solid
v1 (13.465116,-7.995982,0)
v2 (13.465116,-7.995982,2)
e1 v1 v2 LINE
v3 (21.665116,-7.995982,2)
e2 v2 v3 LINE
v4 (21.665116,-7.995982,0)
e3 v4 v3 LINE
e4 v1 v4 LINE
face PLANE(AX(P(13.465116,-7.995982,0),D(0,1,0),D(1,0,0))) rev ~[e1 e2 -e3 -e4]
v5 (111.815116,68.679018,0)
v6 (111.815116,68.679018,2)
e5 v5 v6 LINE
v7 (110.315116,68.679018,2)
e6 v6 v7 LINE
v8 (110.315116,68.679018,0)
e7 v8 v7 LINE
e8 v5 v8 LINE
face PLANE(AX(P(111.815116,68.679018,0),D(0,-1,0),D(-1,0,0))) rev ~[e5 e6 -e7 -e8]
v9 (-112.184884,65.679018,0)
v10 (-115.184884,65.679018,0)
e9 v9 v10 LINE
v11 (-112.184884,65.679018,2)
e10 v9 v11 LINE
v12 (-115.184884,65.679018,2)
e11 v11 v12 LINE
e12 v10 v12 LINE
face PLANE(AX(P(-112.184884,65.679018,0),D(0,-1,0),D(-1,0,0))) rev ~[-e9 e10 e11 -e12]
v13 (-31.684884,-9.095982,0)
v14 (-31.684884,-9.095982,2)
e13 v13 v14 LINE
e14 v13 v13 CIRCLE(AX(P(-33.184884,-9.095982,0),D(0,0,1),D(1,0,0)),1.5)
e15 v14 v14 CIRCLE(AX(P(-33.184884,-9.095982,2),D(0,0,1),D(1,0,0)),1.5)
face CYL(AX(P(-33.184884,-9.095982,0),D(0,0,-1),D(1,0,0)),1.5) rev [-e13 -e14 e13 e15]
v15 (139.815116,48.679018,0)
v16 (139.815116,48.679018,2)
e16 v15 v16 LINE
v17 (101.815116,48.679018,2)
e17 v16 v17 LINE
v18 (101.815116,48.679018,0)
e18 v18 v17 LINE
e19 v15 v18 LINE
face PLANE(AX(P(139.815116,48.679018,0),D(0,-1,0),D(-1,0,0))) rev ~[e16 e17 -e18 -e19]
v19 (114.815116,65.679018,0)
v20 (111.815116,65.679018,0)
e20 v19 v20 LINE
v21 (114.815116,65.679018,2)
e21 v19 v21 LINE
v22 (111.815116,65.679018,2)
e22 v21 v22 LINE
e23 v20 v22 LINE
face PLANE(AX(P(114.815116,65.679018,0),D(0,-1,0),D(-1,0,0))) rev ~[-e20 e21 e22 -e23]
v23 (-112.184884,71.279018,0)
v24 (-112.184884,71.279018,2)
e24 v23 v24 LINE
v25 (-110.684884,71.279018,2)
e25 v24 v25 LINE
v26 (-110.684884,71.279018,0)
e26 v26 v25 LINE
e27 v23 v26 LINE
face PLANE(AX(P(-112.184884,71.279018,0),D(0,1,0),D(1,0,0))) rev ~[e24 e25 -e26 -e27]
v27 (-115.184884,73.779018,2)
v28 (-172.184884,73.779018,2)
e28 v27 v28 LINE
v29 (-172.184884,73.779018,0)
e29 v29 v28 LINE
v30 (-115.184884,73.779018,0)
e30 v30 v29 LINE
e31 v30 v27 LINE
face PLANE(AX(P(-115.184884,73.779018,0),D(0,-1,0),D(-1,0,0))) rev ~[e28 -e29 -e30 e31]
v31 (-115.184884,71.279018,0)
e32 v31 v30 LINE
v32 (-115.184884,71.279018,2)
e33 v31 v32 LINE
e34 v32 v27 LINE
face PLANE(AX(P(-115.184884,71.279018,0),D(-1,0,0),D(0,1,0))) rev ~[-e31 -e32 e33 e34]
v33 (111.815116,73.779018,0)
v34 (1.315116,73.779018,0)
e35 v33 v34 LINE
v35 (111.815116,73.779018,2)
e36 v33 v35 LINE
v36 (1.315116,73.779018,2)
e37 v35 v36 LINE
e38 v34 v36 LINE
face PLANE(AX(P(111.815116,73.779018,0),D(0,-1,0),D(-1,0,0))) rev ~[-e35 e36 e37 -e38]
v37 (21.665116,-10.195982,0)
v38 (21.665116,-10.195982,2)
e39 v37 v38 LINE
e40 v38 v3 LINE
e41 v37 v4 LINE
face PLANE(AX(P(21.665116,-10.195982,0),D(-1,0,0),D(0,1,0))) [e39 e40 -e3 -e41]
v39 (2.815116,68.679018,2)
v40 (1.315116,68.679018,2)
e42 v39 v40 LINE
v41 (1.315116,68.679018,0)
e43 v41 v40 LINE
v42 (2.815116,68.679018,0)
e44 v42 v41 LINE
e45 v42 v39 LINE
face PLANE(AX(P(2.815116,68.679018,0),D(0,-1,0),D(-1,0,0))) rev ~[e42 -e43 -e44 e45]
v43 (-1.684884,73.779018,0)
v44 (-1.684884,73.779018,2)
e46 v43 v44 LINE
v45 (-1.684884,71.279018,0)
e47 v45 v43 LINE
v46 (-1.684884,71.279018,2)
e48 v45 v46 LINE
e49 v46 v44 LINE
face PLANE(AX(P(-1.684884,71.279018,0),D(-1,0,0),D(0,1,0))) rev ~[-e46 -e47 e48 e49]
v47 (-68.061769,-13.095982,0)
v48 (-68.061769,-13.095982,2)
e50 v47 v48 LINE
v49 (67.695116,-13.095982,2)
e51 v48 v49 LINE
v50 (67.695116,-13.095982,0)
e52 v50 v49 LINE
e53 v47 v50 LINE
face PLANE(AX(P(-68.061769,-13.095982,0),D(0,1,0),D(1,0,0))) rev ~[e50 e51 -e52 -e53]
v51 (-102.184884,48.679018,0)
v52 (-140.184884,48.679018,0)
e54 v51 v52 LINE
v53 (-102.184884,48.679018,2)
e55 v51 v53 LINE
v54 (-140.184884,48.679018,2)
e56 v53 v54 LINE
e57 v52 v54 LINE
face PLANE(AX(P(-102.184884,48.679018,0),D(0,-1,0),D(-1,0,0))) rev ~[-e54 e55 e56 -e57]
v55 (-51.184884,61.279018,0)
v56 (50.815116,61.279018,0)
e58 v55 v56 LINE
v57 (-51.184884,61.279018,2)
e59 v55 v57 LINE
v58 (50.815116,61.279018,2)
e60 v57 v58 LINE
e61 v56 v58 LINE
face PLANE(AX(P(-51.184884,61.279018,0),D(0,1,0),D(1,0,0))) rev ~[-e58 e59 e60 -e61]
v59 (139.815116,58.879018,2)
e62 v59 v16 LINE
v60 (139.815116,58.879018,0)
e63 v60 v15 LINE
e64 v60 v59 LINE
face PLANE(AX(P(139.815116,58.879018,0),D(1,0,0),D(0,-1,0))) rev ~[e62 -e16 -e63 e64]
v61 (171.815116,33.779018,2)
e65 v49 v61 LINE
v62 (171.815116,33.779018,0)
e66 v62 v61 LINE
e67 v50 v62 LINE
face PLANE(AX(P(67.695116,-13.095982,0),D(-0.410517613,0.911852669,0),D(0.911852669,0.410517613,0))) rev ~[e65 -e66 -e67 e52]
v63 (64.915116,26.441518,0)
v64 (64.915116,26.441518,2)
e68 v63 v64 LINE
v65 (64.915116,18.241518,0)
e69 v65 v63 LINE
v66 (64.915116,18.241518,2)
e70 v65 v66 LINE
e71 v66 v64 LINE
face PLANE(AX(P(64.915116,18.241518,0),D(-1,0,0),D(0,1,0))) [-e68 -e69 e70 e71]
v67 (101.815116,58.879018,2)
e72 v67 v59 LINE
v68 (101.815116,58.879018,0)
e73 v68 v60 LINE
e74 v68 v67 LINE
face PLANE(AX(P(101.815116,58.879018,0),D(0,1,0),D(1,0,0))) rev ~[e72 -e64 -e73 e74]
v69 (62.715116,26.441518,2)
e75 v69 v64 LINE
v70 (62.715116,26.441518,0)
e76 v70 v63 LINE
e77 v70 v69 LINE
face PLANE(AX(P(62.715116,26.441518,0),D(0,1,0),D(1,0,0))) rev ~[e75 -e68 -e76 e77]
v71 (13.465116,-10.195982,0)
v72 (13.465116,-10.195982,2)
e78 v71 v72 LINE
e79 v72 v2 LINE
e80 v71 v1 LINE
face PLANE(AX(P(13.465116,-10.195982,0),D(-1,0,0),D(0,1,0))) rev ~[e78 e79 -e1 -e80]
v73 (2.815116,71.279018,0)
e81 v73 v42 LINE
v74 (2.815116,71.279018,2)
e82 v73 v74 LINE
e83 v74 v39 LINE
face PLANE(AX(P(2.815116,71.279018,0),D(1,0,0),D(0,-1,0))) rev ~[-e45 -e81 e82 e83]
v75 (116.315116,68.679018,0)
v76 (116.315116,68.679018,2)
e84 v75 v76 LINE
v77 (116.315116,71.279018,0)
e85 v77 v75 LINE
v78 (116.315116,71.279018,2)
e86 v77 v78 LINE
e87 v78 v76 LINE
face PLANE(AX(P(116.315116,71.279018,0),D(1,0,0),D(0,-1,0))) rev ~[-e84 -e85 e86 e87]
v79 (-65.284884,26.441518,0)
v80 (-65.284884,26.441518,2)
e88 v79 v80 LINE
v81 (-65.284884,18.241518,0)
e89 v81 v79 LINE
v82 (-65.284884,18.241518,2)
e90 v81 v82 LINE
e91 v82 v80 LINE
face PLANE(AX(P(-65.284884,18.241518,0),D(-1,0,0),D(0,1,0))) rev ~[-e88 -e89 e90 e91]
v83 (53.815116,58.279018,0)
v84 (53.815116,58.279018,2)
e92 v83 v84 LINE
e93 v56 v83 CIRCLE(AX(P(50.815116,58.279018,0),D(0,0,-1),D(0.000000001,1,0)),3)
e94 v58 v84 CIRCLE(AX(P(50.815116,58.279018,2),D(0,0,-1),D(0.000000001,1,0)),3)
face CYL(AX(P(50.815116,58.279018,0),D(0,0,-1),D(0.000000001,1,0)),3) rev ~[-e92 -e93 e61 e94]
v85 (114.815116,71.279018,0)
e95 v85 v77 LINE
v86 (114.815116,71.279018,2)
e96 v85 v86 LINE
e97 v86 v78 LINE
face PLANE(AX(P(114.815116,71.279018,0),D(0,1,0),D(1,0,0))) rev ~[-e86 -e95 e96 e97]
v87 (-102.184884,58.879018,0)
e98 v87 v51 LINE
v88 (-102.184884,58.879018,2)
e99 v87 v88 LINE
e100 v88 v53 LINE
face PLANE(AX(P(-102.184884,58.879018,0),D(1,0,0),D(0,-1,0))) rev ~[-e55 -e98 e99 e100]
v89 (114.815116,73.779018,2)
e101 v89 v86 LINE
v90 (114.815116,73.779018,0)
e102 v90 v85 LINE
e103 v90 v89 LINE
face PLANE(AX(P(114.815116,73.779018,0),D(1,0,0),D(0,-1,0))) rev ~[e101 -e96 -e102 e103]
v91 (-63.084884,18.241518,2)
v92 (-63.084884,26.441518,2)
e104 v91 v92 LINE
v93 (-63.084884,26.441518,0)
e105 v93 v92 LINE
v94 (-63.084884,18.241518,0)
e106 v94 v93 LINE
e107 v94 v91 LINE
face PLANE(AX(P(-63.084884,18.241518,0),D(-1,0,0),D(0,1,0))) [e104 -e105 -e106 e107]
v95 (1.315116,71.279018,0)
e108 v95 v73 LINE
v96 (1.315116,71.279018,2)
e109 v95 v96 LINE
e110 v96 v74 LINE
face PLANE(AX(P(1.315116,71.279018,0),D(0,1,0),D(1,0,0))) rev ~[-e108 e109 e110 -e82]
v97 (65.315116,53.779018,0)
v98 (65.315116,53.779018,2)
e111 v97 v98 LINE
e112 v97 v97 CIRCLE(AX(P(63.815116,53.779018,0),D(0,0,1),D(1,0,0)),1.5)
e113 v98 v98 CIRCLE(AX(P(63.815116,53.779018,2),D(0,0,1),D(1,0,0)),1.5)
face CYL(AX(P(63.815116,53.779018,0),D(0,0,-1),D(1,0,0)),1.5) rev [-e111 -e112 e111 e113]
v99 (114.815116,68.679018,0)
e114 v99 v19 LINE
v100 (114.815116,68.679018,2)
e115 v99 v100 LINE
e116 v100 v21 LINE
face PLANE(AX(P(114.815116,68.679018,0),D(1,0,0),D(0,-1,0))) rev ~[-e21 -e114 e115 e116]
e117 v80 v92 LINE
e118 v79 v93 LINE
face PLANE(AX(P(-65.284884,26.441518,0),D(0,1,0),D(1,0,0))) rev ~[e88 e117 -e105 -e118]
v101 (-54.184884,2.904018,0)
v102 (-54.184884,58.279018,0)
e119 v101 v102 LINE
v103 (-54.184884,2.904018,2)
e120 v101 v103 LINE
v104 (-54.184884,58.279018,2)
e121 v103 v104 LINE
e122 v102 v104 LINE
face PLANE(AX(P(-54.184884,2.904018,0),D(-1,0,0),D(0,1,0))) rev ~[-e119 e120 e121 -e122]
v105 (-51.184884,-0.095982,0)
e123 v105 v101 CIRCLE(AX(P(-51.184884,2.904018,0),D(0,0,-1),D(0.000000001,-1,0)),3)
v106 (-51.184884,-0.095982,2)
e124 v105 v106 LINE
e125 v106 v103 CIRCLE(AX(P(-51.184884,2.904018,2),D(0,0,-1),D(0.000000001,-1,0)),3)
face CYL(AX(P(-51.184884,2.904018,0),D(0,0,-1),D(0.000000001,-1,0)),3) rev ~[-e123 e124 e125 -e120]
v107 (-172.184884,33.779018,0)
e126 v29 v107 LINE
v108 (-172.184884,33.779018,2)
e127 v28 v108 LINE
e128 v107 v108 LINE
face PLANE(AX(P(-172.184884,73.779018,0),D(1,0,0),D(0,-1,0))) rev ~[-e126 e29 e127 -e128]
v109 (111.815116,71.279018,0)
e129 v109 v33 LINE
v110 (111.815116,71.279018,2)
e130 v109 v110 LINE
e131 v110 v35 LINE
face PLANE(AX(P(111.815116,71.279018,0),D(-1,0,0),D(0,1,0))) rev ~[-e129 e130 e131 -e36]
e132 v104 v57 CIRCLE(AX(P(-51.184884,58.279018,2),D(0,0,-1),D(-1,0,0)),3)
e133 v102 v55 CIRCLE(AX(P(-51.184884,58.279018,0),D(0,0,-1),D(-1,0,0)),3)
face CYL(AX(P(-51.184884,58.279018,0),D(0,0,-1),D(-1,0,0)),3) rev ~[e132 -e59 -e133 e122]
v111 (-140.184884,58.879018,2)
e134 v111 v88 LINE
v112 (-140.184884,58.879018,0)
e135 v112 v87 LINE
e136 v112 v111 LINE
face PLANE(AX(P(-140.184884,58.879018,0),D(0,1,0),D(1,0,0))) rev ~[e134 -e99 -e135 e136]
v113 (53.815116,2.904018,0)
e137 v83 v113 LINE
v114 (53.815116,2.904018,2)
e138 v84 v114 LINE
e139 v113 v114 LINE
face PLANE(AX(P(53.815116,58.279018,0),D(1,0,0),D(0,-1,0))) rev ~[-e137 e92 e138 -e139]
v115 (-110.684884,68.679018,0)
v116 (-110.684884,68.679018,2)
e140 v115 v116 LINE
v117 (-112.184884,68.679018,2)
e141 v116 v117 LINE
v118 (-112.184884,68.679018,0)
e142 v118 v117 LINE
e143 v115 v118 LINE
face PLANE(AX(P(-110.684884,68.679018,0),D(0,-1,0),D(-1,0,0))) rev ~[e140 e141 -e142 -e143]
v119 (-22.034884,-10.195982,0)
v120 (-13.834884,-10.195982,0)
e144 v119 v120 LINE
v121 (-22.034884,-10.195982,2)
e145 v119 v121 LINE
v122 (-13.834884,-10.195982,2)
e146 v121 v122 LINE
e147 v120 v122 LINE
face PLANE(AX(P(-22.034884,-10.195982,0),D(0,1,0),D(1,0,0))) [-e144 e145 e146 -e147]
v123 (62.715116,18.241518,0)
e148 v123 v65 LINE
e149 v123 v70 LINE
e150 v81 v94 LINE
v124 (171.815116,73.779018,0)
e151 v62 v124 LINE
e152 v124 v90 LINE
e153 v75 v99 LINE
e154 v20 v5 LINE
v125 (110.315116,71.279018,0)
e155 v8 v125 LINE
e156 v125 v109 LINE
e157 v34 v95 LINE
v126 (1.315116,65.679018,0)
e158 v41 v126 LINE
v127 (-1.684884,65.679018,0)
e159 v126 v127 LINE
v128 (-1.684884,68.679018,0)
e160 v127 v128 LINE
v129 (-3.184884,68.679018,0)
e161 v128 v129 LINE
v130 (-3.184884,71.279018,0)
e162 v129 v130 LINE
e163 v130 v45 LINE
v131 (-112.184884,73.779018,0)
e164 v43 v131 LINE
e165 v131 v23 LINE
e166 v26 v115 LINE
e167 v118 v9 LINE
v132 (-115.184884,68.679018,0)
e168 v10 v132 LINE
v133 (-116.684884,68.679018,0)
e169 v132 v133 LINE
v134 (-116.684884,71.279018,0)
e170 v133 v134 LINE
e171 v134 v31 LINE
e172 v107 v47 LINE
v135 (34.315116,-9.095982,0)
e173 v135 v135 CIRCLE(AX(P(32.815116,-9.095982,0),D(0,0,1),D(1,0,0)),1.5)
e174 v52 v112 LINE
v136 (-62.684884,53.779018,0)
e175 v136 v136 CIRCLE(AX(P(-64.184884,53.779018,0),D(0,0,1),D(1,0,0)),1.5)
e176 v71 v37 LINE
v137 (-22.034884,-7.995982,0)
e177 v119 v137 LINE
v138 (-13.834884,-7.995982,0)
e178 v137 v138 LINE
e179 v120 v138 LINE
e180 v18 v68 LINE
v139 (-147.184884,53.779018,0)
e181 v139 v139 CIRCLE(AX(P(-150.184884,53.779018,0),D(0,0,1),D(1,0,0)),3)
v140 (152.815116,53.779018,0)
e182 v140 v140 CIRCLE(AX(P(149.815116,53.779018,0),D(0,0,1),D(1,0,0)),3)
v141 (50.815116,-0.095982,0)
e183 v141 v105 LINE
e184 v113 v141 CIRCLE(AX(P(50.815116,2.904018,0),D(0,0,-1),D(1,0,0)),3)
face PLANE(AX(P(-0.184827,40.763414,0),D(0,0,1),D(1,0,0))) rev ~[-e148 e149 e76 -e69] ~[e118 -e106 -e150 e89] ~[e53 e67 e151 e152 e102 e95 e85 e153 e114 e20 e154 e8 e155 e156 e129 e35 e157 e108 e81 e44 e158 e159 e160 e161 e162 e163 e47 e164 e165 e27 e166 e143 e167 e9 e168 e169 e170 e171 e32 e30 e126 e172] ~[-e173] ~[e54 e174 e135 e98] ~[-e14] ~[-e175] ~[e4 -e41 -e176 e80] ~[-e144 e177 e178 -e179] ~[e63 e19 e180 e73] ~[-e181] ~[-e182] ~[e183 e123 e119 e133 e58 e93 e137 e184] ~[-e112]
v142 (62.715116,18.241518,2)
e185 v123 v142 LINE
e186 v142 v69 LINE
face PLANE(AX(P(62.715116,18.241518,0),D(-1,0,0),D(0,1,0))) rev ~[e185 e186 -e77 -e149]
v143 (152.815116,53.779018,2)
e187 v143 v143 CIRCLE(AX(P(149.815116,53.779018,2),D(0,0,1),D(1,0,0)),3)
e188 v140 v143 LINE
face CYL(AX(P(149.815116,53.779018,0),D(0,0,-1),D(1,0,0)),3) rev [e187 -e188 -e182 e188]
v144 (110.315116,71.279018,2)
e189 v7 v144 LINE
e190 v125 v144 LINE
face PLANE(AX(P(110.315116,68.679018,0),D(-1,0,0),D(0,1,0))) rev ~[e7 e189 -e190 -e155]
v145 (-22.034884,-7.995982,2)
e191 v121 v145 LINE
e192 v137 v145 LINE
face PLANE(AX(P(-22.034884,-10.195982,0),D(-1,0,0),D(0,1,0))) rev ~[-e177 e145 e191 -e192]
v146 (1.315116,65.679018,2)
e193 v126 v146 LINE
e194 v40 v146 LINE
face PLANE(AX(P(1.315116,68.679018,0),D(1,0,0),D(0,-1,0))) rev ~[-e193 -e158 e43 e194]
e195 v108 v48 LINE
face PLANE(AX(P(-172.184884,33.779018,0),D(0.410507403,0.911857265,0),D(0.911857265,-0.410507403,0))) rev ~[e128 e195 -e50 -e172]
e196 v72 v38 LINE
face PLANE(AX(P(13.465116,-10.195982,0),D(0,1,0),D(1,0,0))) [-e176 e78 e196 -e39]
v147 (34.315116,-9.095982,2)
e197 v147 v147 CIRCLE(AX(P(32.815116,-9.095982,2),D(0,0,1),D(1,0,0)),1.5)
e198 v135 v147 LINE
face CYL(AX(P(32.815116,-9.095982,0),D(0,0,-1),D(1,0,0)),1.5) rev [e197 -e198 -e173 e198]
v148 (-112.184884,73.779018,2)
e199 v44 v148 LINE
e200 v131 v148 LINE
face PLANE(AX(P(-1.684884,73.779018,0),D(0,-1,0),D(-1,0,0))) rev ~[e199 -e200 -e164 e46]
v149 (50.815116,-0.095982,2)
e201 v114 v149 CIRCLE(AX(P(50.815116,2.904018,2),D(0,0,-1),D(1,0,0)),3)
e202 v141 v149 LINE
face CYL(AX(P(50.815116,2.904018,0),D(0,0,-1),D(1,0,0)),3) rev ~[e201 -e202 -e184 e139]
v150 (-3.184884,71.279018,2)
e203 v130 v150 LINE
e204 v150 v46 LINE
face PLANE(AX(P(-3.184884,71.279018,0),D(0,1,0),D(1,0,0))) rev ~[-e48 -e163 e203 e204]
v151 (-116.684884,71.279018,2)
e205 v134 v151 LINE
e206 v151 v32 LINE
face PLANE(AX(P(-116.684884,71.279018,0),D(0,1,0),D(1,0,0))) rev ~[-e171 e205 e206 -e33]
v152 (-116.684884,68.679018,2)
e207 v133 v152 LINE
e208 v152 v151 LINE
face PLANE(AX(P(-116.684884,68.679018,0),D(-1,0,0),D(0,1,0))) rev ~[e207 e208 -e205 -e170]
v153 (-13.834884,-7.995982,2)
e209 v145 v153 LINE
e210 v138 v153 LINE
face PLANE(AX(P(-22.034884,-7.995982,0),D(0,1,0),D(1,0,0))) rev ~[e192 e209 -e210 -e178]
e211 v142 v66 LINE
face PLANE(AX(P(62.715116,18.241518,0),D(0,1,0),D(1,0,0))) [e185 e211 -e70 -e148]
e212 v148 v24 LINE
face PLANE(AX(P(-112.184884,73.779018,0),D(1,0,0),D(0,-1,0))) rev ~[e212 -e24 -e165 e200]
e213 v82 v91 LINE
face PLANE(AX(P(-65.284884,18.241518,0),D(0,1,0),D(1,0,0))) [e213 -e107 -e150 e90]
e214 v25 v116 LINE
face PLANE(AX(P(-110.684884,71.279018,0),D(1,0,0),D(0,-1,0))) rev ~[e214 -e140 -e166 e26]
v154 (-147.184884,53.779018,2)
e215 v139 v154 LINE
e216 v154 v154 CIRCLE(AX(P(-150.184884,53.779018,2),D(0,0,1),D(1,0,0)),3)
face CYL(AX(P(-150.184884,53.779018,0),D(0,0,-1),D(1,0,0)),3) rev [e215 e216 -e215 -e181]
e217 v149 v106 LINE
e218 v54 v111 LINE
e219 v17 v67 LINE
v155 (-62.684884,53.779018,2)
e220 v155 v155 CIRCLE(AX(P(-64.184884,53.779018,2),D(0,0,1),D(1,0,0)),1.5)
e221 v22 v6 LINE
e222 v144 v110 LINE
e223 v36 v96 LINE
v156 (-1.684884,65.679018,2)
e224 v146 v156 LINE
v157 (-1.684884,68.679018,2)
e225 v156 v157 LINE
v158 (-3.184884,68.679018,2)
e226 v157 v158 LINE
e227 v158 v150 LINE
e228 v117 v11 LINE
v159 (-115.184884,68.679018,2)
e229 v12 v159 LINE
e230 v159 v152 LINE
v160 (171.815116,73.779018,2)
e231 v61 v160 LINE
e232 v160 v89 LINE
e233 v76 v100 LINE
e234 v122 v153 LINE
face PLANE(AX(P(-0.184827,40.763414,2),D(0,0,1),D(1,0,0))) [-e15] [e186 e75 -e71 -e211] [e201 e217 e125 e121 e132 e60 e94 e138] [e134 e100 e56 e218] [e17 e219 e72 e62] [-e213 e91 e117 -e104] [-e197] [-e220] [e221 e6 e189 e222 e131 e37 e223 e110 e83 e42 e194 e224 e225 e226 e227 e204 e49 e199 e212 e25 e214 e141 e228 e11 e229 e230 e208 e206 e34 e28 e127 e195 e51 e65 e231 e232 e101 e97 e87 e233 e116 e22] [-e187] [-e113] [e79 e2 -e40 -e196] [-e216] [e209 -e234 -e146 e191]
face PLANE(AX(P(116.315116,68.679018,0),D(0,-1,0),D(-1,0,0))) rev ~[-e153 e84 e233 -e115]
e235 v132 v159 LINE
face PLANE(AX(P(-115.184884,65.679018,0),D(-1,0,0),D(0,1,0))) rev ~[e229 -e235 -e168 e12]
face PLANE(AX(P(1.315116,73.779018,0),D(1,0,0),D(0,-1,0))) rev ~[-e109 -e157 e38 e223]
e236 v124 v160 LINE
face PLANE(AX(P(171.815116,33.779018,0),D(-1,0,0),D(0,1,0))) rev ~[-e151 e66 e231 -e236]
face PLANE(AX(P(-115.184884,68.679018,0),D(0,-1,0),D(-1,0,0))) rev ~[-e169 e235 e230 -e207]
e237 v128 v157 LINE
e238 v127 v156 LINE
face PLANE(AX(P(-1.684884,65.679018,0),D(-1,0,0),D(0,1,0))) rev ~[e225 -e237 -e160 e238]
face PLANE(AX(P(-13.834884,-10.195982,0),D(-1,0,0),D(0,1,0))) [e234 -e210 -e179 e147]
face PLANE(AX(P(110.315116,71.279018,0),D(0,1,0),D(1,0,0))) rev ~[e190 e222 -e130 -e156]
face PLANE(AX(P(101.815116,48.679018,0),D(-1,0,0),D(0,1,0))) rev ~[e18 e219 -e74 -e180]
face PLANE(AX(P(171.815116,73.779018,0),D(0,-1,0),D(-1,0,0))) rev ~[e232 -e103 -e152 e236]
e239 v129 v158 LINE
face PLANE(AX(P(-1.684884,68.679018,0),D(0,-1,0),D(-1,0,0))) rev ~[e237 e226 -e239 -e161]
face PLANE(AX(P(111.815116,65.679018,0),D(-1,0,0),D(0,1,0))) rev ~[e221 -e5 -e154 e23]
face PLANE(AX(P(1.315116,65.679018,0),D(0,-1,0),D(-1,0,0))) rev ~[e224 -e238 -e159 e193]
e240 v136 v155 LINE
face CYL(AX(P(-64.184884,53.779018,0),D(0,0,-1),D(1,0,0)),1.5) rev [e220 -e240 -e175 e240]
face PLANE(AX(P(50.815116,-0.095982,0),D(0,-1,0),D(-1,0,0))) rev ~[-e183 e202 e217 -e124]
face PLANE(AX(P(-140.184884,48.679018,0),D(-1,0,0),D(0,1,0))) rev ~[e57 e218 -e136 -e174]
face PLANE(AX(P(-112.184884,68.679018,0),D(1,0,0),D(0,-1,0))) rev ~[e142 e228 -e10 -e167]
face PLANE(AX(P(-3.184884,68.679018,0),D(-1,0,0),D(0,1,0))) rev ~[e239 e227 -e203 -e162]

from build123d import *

# Parameters (mm, degrees)
SKETCH_1_R      = 1.5
SKETCH_1_W      = 8.2
SKETCH_1_H      = 2.2
SKETCH_1_W_2    = 2.2
SKETCH_1_H_2    = 8.2
SKETCH_1_R_2    = 3
EXTRUDE_1_DEPTH = 2


with BuildPart() as part:
    # 草图1 → 凸台-拉伸1 (new body)
    with BuildSketch(Plane.XY):
        Polygon((-68.061769393, -13.095981945), (-52.184883937, -13.095981945), (-18.934883937, -13.095981945), (18.565116063, -13.095981945), (67.695116063, -13.095981945), (171.815116063, 33.779018055), (171.815116063, 73.779018055), (114.815116063, 73.779018055), (114.815116063, 71.279018055), (116.315116063, 71.279018055), (116.315116063, 68.679018055), (114.815116063, 68.679018055), (114.815116063, 65.679018055), (111.815116063, 65.679018055), (111.815116063, 68.679018055), (110.315116063, 68.679018055), (110.315116063, 71.279018055), (111.815116063, 71.279018055), (111.815116063, 73.779018055), (1.315116063, 73.779018055), (1.315116063, 71.279018055), (2.815116063, 71.279018055), (2.815116063, 68.679018055), (1.315116063, 68.679018055), (1.315116063, 65.679018055), (-1.684883937, 65.679018055), (-1.684883937, 68.679018055), (-3.184883937, 68.679018055), (-3.184883937, 71.279018055), (-1.684883937, 71.279018055), (-1.684883937, 73.779018055), (-68.061769393, 73.779018055), (-112.184883937, 73.779018055), (-112.184883937, 71.279018055), (-110.684883937, 71.279018055), (-110.684883937, 68.679018055), (-112.184883937, 68.679018055), (-112.184883937, 65.679018055), (-115.184883937, 65.679018055), (-115.184883937, 68.679018055), (-116.684883937, 68.679018055), (-116.684883937, 71.279018055), (-115.184883937, 71.279018055), (-115.184883937, 73.779018055), (-172.184883937, 73.779018055), (-172.184883937, 33.779018055), align=None)
        with Locations((-33.184883937, -9.095981945)):
            Circle(SKETCH_1_R, mode=Mode.SUBTRACT)
        with Locations((-17.934883937, -9.095981946)):
            Rectangle(SKETCH_1_W, SKETCH_1_H, mode=Mode.SUBTRACT)
        with Locations((-64.184883937, 22.341518055)):
            Rectangle(SKETCH_1_W_2, SKETCH_1_H_2, mode=Mode.SUBTRACT)
        with Locations((17.565116063, -9.095981946)):
            Rectangle(SKETCH_1_W, SKETCH_1_H, mode=Mode.SUBTRACT)
        with Locations((32.815116063, -9.095981945)):
            Circle(SKETCH_1_R, mode=Mode.SUBTRACT)
        with Locations((63.815116063, 22.341518055)):
            Rectangle(SKETCH_1_W_2, SKETCH_1_H_2, mode=Mode.SUBTRACT)
        with BuildLine():
            ThreePointArc((50.815116063, 61.279018055), (52.936436406, 60.400338398), (53.815116063, 58.279018055))
            Line((53.815116063, 58.279018055), (53.815116063, 2.904018055))
            ThreePointArc((53.815116063, 2.904018055), (52.936436406, 0.782697711), (50.815116063, -0.095981945))
            Line((50.815116063, -0.095981945), (-51.184883937, -0.095981945))
            ThreePointArc((-51.184883937, -0.095981945), (-53.306204281, 0.782697711), (-54.184883937, 2.904018055))
            Line((-54.184883937, 2.904018055), (-54.184883937, 58.279018055))
            ThreePointArc((-54.184883937, 58.279018055), (-53.306204281, 60.400338398), (-51.184883937, 61.279018055))
            Line((-51.184883937, 61.279018055), (50.815116063, 61.279018055))
        make_face(mode=Mode.SUBTRACT)
        with Locations((-150.184883937, 53.779018055)):
            Circle(SKETCH_1_R_2, mode=Mode.SUBTRACT)
        Polygon((-140.184883937, 58.879018055), (-125.184883937, 58.879018055), (-102.184883937, 58.879018055), (-102.184883937, 48.679018055), (-125.184883937, 48.679018055), (-140.184883937, 48.679018055), align=None, mode=Mode.SUBTRACT)
        with Locations((-64.184883937, 53.779018055)):
            Circle(SKETCH_1_R, mode=Mode.SUBTRACT)
        with Locations((63.815116063, 53.779018055)):
            Circle(SKETCH_1_R, mode=Mode.SUBTRACT)
        Polygon((139.815116063, 48.679018055), (124.815116063, 48.679018055), (101.815116063, 48.679018055), (101.815116063, 58.879018055), (124.815116063, 58.879018055), (139.815116063, 58.879018055), align=None, mode=Mode.SUBTRACT)
        with Locations((149.815116063, 53.779018055)):
            Circle(SKETCH_1_R_2, mode=Mode.SUBTRACT)
    extrude(amount=EXTRUDE_1_DEPTH)


solid = part.part
